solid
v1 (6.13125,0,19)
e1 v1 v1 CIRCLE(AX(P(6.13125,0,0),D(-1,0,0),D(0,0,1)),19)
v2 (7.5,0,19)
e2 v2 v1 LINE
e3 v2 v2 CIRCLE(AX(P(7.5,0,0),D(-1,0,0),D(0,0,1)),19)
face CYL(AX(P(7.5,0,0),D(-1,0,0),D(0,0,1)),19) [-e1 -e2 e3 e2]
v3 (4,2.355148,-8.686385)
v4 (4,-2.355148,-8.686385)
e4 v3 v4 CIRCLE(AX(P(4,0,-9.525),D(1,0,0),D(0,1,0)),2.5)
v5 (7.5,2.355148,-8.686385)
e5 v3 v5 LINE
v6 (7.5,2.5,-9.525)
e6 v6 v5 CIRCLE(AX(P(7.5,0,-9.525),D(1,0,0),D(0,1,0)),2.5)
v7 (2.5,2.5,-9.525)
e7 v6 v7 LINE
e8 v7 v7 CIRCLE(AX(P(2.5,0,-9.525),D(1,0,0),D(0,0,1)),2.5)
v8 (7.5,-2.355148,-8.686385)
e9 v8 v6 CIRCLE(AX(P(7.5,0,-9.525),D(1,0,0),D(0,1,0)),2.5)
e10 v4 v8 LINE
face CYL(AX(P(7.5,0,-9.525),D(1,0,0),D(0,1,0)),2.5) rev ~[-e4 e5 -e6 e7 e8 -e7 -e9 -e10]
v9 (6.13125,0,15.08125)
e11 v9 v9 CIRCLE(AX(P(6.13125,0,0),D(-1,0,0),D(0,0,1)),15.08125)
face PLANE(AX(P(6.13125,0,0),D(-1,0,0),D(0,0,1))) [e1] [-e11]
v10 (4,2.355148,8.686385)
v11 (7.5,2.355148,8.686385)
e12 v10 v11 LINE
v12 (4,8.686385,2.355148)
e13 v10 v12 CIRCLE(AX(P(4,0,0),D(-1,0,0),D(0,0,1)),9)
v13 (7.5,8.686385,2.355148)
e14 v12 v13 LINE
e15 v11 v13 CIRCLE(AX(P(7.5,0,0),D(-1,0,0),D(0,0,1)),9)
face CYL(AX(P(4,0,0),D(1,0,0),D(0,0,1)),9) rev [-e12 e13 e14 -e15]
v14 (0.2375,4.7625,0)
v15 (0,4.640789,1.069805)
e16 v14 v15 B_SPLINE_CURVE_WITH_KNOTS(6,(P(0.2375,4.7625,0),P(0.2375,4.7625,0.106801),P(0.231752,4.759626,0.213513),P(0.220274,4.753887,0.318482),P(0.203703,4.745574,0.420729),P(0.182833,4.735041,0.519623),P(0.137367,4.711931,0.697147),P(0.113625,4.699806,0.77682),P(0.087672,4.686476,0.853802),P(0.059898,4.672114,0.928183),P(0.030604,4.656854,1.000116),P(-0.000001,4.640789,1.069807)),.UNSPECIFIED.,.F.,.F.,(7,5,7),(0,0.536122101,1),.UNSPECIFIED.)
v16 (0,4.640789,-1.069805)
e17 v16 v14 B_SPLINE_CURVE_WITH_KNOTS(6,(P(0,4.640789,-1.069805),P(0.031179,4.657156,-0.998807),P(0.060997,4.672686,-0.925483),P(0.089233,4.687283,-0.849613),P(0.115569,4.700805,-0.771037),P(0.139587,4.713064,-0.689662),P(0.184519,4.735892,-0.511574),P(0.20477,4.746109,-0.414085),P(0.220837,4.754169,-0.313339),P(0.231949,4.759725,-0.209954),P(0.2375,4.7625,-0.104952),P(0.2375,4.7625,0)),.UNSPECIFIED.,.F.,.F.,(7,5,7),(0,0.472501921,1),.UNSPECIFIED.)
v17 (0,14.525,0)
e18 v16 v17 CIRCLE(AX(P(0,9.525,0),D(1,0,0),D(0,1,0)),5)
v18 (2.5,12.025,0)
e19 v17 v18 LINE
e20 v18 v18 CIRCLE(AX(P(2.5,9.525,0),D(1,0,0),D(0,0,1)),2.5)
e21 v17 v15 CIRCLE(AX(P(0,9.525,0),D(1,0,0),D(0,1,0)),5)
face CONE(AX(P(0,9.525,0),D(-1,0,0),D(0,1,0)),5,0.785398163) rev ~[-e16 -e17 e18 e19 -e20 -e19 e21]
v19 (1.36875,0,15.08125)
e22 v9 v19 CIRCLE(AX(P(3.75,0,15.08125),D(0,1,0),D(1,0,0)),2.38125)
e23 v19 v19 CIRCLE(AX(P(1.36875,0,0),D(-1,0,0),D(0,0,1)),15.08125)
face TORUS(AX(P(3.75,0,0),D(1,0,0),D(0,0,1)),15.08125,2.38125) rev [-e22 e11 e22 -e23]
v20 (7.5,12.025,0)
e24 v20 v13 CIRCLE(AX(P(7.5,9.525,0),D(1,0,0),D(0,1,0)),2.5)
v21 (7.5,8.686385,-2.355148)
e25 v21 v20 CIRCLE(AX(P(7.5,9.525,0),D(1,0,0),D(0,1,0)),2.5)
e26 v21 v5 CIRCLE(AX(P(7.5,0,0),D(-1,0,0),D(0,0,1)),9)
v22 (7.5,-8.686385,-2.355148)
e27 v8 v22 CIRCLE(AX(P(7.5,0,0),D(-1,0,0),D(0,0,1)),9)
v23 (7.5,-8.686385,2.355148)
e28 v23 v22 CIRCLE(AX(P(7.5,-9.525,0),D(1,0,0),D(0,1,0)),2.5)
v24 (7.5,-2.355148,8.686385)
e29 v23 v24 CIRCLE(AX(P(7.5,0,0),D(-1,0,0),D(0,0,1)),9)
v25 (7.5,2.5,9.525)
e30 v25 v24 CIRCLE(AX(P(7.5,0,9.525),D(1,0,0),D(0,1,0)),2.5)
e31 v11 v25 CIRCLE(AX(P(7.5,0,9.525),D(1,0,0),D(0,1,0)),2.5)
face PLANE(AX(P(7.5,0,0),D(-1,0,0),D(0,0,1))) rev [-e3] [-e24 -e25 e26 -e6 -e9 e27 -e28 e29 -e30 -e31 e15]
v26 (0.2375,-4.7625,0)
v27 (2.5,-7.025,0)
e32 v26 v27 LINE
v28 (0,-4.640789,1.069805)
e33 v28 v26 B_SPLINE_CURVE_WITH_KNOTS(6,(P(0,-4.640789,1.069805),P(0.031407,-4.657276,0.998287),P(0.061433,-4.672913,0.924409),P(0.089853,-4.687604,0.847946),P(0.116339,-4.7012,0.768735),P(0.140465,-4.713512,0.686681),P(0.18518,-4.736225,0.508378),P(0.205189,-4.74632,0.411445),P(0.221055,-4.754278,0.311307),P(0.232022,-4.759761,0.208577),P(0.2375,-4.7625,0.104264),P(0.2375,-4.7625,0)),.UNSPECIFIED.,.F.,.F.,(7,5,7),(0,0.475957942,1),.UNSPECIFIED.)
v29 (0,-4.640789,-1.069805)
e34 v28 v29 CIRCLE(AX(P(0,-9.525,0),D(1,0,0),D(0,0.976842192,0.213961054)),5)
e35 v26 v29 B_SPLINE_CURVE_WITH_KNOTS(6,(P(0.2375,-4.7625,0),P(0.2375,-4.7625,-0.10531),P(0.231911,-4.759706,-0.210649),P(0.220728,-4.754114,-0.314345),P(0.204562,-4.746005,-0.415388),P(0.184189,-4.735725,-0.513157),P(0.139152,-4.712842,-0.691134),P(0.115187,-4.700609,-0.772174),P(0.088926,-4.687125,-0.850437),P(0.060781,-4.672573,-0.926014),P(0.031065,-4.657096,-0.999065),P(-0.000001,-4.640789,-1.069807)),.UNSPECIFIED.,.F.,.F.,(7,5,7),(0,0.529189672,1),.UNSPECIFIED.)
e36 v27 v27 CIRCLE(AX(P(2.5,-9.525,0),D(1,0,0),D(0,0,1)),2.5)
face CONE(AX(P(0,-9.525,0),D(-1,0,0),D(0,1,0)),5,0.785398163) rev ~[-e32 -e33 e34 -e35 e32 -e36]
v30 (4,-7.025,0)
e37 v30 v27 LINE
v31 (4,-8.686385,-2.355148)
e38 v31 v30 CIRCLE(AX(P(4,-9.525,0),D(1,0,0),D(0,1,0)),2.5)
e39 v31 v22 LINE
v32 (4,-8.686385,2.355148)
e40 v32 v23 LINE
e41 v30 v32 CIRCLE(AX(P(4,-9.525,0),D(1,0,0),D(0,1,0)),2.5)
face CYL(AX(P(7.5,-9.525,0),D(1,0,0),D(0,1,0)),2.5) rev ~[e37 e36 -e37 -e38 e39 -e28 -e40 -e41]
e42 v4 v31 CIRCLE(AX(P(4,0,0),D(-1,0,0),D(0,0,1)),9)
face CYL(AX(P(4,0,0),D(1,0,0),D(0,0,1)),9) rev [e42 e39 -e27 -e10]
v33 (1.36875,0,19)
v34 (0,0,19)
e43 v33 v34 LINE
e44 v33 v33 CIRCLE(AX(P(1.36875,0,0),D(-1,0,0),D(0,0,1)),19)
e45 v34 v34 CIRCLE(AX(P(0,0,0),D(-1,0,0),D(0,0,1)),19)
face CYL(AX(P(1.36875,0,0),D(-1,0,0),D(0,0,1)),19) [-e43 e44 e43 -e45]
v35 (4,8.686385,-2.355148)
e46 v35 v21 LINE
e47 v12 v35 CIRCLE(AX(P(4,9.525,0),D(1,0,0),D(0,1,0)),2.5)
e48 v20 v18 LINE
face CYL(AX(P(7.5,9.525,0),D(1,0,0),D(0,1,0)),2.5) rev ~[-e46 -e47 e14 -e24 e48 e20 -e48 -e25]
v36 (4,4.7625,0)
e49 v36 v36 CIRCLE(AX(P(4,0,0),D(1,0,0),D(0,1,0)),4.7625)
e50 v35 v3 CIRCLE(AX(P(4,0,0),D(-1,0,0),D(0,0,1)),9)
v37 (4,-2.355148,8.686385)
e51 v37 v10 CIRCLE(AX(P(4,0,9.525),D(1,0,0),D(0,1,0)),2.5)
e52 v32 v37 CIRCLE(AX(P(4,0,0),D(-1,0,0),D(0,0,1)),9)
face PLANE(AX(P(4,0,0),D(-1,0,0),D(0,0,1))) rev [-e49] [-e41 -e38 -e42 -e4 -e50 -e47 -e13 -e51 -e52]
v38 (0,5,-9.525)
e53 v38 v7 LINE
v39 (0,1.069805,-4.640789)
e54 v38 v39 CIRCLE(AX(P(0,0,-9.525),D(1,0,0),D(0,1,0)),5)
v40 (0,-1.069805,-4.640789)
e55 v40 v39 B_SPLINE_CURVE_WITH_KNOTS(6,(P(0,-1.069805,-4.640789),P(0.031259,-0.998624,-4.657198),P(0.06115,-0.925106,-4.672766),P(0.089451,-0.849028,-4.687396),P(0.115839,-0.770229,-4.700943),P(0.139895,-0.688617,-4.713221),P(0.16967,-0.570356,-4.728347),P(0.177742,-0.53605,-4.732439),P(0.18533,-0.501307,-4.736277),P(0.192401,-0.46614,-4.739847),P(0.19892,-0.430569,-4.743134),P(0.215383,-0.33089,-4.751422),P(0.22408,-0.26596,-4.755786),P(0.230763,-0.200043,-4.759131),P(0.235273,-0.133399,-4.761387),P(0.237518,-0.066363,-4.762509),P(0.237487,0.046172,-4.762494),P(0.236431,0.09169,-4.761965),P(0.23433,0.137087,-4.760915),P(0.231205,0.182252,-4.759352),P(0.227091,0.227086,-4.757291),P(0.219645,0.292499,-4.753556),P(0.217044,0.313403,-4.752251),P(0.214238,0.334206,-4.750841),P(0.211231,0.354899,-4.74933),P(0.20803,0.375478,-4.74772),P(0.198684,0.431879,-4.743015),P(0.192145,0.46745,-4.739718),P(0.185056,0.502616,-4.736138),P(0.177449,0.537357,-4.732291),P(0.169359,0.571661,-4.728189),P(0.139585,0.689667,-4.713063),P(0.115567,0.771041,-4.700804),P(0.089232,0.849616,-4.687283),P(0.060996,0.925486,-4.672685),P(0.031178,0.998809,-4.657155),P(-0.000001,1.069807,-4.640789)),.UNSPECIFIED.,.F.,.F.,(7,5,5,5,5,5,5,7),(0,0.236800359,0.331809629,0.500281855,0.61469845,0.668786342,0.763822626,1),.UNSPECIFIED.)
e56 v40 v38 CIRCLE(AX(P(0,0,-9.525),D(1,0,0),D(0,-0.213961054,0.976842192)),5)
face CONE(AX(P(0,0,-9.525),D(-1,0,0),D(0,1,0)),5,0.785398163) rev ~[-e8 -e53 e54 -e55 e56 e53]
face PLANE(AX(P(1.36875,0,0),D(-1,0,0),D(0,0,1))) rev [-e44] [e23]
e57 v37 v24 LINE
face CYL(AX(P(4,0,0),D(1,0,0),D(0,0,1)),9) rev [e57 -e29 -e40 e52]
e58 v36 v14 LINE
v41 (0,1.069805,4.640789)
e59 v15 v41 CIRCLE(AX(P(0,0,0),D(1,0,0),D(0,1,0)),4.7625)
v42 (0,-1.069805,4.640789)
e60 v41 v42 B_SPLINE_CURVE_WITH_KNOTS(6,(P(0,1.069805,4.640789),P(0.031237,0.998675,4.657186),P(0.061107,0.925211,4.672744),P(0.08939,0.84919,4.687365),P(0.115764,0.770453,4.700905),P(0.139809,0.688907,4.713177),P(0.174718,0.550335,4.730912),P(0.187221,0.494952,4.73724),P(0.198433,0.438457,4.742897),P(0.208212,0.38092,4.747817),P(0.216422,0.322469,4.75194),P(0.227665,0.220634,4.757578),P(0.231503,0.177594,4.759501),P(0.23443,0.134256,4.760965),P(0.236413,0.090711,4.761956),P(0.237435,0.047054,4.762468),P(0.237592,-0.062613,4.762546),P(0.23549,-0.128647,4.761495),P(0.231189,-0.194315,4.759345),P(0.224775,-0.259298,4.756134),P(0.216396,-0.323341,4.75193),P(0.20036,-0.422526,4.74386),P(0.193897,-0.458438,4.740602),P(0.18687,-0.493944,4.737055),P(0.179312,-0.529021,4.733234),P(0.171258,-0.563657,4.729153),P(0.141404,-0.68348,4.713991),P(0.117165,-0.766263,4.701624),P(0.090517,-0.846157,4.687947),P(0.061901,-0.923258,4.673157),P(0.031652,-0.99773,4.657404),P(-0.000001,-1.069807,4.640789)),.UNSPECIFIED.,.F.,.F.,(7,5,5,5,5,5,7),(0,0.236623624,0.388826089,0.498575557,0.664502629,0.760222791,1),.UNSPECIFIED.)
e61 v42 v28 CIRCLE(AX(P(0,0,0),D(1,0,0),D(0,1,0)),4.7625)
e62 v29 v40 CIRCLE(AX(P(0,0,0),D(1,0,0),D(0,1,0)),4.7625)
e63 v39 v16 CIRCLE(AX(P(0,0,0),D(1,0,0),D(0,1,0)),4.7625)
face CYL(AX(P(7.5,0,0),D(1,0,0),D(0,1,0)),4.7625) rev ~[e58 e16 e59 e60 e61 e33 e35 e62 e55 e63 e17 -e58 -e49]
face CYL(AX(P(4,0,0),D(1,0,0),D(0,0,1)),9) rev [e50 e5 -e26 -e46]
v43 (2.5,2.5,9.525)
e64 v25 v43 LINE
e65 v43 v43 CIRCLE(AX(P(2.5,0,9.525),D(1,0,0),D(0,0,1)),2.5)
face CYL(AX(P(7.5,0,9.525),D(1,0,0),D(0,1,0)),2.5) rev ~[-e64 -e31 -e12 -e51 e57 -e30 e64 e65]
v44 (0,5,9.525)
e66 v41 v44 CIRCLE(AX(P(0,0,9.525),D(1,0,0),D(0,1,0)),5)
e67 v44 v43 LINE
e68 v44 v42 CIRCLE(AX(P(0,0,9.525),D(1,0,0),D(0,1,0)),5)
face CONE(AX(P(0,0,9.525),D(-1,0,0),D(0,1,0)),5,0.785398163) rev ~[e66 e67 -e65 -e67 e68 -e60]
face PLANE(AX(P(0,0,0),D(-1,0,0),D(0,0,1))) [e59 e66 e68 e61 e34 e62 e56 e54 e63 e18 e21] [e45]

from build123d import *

# Parameters (mm, degrees)
F2_R           = 4.7625
F2_R_2         = 2.5
F3_DEPTH       = 7.501
F5_D           = 5
F5_CSINK_D     = 10
F5_CSINK_ANGLE = 90


with BuildPart() as f1:
    # F0 (on Front) → F1 (revolve)
    with BuildSketch(Plane.XZ):
        with BuildLine():
            Line((0, 19), (0, 0))
            Line((0, 0), (4, 0))
            Line((4, 0), (4, 9))
            Line((4, 9), (7.5, 9))
            Line((7.5, 9), (7.5, 19))
            Line((7.5, 19), (6.13125, 19))
            Line((6.13125, 19), (6.13125, 15.08125))
            ThreePointArc((6.13125, 15.08125), (3.75, 12.7), (1.36875, 15.08125))
            Line((1.36875, 15.08125), (1.36875, 19))
            Line((1.36875, 19), (0, 19))
        make_face()
    revolve(axis=Axis((2, 0, 0), (-1, 0, 0)))

    # F2 (on face) → F3 (cut, through all)
    with BuildSketch(Plane.YZ.offset(7.5)):
        Circle(F2_R)
        with Locations((0, 9.525)):
            Circle(F2_R_2)
        with Locations((9.525, 0)):
            Circle(F2_R_2)
        with Locations((0, -9.525)):
            Circle(F2_R_2)
        with Locations((-9.525, 0)):
            Circle(F2_R_2)
    extrude(amount=-F3_DEPTH, mode=Mode.SUBTRACT)

    # F5 (through all)
    with Locations(Plane(origin=(0, 0, 0), x_dir=(0, -1, 0), z_dir=(-1, 0, 0))):
        with Locations((0, 9.525), (9.525, 0), (0, -9.525), (-9.525, 0)):
            CounterSinkHole(F5_D / 2, F5_CSINK_D / 2, counter_sink_angle=F5_CSINK_ANGLE)


solid = f1.part
